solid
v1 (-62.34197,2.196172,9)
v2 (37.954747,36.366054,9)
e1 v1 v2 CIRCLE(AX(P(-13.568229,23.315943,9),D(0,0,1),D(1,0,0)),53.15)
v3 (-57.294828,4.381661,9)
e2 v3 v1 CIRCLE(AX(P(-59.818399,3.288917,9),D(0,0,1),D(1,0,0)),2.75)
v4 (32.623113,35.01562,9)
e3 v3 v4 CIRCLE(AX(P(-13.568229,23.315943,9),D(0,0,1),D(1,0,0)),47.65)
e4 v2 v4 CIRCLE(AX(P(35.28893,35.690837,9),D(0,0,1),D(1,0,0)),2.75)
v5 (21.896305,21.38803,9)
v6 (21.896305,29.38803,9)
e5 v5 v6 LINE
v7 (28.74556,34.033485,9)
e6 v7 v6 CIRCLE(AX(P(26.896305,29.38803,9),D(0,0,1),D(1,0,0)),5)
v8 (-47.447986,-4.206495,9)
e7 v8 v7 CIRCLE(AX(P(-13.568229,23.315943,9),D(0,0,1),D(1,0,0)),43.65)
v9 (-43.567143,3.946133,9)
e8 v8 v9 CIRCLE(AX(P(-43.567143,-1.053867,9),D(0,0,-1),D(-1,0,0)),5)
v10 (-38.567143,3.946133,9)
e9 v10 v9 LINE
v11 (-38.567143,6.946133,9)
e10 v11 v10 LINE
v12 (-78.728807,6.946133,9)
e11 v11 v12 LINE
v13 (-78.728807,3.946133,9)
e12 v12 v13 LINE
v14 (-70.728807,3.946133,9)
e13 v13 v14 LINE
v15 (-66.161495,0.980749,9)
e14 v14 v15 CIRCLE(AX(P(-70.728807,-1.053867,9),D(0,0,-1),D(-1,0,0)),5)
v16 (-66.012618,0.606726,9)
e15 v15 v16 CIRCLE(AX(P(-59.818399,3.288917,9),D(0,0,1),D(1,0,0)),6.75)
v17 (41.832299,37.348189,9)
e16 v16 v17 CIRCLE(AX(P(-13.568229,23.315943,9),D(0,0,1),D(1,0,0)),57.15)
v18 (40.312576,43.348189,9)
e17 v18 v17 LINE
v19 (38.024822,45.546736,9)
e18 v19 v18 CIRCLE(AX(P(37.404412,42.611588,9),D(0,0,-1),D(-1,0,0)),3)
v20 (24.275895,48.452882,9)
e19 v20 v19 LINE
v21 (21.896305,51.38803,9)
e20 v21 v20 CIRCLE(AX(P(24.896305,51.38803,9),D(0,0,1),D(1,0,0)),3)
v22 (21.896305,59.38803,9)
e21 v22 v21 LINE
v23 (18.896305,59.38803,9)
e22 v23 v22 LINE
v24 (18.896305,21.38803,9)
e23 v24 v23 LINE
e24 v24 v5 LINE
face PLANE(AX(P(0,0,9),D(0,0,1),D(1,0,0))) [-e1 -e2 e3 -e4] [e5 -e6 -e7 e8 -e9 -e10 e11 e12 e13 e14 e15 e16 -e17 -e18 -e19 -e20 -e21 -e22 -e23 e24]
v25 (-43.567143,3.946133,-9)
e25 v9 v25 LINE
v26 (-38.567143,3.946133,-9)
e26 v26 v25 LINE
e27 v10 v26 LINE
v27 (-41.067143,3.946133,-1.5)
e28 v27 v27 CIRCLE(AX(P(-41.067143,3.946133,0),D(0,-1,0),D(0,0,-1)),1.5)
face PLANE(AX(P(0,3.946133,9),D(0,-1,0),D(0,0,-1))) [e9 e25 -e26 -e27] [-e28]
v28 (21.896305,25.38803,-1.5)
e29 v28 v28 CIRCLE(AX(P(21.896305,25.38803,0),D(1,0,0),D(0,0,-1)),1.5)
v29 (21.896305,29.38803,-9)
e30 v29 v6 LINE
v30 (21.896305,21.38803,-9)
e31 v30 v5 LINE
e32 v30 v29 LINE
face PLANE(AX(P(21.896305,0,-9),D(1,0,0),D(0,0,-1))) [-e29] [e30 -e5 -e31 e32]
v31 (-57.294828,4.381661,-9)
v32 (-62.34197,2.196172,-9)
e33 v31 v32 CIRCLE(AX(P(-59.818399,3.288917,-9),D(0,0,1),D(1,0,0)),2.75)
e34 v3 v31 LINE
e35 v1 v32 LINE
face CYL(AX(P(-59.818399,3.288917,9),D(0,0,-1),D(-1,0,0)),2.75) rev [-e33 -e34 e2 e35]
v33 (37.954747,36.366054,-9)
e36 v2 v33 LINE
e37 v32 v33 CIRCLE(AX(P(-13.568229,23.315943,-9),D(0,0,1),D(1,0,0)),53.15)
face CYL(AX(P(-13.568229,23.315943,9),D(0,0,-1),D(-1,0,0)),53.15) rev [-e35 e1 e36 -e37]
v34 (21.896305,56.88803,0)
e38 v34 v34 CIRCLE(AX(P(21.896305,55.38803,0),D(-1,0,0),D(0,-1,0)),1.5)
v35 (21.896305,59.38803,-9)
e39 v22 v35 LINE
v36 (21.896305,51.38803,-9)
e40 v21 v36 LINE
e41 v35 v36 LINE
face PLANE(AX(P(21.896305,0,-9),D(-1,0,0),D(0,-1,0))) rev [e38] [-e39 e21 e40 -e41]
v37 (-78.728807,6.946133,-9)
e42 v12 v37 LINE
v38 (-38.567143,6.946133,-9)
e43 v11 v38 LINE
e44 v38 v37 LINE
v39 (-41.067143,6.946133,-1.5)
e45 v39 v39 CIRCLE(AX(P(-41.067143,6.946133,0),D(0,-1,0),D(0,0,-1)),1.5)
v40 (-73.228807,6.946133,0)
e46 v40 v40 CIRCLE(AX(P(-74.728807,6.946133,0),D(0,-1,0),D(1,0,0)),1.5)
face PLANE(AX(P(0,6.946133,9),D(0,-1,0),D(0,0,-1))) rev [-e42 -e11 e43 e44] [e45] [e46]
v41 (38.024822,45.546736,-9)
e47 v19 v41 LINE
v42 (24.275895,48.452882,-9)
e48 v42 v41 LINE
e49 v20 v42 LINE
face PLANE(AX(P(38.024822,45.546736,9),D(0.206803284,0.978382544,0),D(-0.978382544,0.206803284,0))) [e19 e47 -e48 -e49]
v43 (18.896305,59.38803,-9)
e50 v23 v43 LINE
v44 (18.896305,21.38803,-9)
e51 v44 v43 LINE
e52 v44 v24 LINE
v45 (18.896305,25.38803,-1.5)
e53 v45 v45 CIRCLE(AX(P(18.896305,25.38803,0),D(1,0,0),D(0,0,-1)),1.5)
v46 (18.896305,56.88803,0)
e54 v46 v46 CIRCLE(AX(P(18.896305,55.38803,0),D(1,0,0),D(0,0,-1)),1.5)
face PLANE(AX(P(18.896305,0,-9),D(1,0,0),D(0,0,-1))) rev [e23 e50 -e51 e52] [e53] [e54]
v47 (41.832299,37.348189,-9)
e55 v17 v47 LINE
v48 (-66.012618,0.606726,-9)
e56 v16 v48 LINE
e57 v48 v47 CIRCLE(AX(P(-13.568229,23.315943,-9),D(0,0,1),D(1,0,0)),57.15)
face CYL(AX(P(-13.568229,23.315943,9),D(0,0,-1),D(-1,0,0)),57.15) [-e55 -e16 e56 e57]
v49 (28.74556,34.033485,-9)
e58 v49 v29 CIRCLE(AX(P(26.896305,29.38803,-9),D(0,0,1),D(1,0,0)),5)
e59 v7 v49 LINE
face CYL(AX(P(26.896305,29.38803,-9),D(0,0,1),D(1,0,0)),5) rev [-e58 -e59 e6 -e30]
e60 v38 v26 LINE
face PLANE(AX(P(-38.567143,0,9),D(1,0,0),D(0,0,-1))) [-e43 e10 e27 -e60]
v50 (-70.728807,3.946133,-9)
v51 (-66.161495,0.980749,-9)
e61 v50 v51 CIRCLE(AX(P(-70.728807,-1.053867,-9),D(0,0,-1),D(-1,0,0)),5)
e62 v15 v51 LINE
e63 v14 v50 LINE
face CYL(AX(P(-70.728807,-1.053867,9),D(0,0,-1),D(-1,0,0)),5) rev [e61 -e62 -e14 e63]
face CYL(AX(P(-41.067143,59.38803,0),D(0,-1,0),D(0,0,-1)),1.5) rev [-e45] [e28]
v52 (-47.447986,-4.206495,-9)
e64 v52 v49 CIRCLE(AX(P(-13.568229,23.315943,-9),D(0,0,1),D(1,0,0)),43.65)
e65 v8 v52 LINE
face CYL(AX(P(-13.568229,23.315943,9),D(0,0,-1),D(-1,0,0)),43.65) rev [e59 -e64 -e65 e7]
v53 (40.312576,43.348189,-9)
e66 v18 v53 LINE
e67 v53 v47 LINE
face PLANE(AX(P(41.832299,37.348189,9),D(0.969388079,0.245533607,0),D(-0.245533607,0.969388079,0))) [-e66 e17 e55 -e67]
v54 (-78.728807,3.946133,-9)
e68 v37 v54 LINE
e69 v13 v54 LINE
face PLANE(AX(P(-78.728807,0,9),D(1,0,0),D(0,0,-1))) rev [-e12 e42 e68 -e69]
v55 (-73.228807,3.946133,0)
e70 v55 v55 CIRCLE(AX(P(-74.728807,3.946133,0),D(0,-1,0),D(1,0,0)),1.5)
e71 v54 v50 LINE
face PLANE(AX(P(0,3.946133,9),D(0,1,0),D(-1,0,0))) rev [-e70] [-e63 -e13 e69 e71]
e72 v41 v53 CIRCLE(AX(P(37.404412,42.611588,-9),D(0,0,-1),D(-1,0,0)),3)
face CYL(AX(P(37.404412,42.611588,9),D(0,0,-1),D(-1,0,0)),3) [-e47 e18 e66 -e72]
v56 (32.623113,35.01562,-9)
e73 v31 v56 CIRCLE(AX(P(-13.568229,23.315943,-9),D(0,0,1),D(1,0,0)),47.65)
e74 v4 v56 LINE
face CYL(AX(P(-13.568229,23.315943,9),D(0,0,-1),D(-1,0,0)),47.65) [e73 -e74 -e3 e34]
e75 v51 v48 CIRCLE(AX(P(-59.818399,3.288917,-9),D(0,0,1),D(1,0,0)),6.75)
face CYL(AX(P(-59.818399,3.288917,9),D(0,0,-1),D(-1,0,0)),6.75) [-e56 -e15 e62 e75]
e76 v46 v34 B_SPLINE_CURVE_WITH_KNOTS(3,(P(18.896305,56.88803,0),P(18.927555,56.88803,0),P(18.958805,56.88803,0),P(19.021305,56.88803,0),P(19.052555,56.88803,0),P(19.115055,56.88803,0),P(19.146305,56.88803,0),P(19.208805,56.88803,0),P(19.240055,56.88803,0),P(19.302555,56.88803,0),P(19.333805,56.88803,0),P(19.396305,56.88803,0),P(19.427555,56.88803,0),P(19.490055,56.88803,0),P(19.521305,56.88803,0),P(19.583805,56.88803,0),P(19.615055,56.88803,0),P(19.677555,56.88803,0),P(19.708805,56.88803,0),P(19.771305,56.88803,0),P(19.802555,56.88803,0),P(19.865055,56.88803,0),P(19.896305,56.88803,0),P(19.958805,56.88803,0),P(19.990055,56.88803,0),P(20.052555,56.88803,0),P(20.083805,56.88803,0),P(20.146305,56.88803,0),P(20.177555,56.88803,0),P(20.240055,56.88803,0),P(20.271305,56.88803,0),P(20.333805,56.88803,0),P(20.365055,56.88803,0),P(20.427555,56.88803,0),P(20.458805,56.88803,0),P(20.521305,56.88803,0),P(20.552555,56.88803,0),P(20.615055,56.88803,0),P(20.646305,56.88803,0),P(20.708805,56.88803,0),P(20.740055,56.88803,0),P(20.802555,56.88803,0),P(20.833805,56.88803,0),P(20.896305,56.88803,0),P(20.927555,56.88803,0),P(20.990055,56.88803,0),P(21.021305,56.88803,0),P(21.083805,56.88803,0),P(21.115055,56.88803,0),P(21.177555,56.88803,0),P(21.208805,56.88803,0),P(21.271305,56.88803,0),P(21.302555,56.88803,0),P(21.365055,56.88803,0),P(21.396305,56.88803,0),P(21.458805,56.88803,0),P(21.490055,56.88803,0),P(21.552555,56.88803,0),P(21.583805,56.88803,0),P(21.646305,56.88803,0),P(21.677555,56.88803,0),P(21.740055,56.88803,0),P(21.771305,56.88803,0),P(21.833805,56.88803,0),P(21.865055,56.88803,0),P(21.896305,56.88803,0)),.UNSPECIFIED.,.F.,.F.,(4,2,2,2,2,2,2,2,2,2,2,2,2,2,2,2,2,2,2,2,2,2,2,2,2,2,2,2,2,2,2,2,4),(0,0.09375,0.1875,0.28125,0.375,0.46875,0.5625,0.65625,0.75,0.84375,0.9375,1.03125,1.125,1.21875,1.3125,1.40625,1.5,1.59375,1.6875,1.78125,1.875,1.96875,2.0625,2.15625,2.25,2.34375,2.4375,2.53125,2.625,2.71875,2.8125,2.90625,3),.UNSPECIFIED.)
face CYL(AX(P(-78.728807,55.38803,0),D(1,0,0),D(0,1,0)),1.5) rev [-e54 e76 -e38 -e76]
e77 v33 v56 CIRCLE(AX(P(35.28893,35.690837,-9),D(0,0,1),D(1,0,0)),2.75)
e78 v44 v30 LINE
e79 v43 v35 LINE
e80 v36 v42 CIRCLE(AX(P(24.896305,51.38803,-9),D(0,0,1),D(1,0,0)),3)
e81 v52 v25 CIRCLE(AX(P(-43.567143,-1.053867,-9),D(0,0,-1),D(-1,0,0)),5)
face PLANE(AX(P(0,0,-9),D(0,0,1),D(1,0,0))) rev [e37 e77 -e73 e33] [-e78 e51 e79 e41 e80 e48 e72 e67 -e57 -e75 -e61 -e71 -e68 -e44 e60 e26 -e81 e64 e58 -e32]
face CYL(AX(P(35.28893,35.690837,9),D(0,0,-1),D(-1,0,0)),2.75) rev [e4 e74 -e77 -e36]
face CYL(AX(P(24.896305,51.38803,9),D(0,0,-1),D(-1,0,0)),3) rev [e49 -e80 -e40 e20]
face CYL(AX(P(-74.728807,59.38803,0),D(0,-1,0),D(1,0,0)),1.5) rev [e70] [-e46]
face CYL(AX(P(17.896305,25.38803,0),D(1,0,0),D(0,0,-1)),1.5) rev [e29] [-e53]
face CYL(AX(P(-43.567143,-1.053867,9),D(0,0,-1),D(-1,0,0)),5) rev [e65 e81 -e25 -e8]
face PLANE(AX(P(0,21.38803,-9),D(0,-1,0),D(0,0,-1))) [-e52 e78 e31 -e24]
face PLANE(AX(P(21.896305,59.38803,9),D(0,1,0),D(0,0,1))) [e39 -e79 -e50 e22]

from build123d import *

# Parameters (mm, degrees)
SALIENTE_EXTRUIR2_DEPTH     = 9
SALIENTE_EXTRUIR4_START     = -18
SALIENTE_EXTRUIR4_DEPTH     = 18
CORTAR_EXTRUIR3_DEPTH       = 81.972689334
CORTAR_EXTRUIR3_DEPTH_BACK  = 81.972689334
CROQUIS8_W                  = 8.024298647
CROQUIS8_H                  = 2.298422897
SALIENTE_EXTRUIR5_START     = -18
SALIENTE_EXTRUIR5_DEPTH     = 18
SALIENTE_EXTRUIR6_DEPTH     = 18
SALIENTE_EXTRUIR7_START     = -18
SALIENTE_EXTRUIR7_DEPTH     = 18
CORTAR_EXTRUIR5_DEPTH       = 118.18938142
CORTAR_EXTRUIR5_DEPTH_BACK  = 118.18938142
CROQUIS13_R                 = 1.5
CROQUIS14_R                 = 1.5
CORTAR_EXTRUIR7_DEPTH       = 4
CROQUIS15_R                 = 1.5
CORTAR_EXTRUIR8_DEPTH       = 97.711059211
CROQUIS16_R                 = 1.5
CORTAR_EXTRUIR9_DEPTH       = 97.711059211
CORTAR_EXTRUIR10_DEPTH      = 101.245514063
CORTAR_EXTRUIR10_DEPTH_BACK = 101.245514063
CROQUIS17_W                 = 15.073627069
CROQUIS17_H                 = 8.059357869


with BuildPart() as part:
    # Croquis1 → Saliente-Extruir2 (new, symmetric)
    with BuildSketch(Plane.XY):
        with BuildLine():
            ThreePointArc((-66.012618404, 0.60672559), (4.861867519, -30.780766865), (41.832299444, 37.348188804))
            ThreePointArc((41.832299444, 37.348188804), (33.631578066, 42.234206494), (28.745560376, 34.033485116))
            ThreePointArc((28.745560376, 34.033485116), (0.508301336, -18.002016476), (-53.624180056, 5.97110769))
            ThreePointArc((-53.624180056, 5.97110769), (-62.50059028, 9.483135814), (-66.012618404, 0.60672559))
        make_face()
        with BuildLine():
            ThreePointArc((37.954747128, 36.366054378), (34.613712492, 38.356654178), (32.623112692, 35.015619542))
            ThreePointArc((32.623112692, 35.015619542), (1.798246872, -21.788312888), (-57.294828456, 4.381661142))
            ThreePointArc((-57.294828456, 4.381661142), (-60.911143732, 5.812487414), (-62.341970004, 2.196172138))
            ThreePointArc((-62.341970004, 2.196172138), (3.571921983, -26.994470453), (37.954747128, 36.366054378))
        make_face(mode=Mode.SUBTRACT)
    extrude(amount=SALIENTE_EXTRUIR2_DEPTH, both=True)

    # Croquis7 → Saliente-Extruir4 (add)
    with BuildSketch(Plane(origin=(0, 0, -9), x_dir=(-1, 0, 0), z_dir=(0, 0, -1)).offset(SALIENTE_EXTRUIR4_START)):
        with BuildLine():
            Line((54.145016493, 6.946132565), (38.567143253, 6.946132565))
            Line((38.567143253, 6.946132565), (38.567143253, 3.946132565))
            Line((38.567143253, 3.946132565), (43.567143253, 3.946132565))
            ThreePointArc((43.567143253, 3.946132565), (48.081738335, 1.095186137), (47.447985926, -4.206494934))
            ThreePointArc((47.447985926, -4.206494934), (50.884688207, 0.670758181), (53.624180056, 5.97110769))
            ThreePointArc((53.624180056, 5.97110769), (53.864605301, 6.469299926), (54.145016493, 6.946132565))
        make_face()
    extrude(amount=SALIENTE_EXTRUIR4_DEPTH)

    # Croquis8 → Cortar-Extruir3 (cut, two sides: drawn at the far end of the back side and taken through both)
    with BuildSketch(Plane(origin=(0, 0, -9), x_dir=(-1, 0, 0), z_dir=(0, 0, -1)).offset(-CORTAR_EXTRUIR3_DEPTH_BACK)):
        with Locations((58.157165816, 8.095344014)):
            Rectangle(CROQUIS8_W, CROQUIS8_H)
    extrude(amount=CORTAR_EXTRUIR3_DEPTH + CORTAR_EXTRUIR3_DEPTH_BACK, mode=Mode.SUBTRACT)

    # Croquis9 → Saliente-Extruir5 (add)
    with BuildSketch(Plane(origin=(0, 0, -9), x_dir=(-1, 0, 0), z_dir=(0, 0, -1)).offset(SALIENTE_EXTRUIR5_START)):
        with BuildLine():
            Line((78.728806569, 3.946132565), (78.728806569, 6.946132565))
            Line((78.728806569, 6.946132565), (65.491781967, 6.946132565))
            ThreePointArc((65.491781967, 6.946132565), (66.526259445, 4.041984592), (66.161494713, 0.980748601))
            ThreePointArc((66.161494713, 0.980748601), (68.00603961, 3.139763461), (70.728806569, 3.946132565))
            Line((70.728806569, 3.946132565), (78.728806569, 3.946132565))
        make_face()
    extrude(amount=SALIENTE_EXTRUIR5_DEPTH)

    # Croquis10 → Saliente-Extruir6 (add)
    with BuildSketch(Plane.XY.offset(9)):
        with BuildLine():
            Line((18.89630467, 56.388029989), (18.89630467, 21.388029989))
            Line((18.89630467, 21.388029989), (21.89630467, 21.388029989))
            Line((21.89630467, 21.388029989), (21.89630467, 29.388029989))
            ThreePointArc((21.89630467, 29.388029989), (24.089730114, 33.5260415), (28.745560376, 34.033485116))
            ThreePointArc((28.745560376, 34.033485116), (30.517183559, 40.465031841), (36.949638278, 42.233355414))
            Line((36.949638278, 42.233355414), (24.158212062, 45.48024401))
            ThreePointArc((24.158212062, 45.48024401), (22.528364866, 46.546057924), (21.89630467, 48.388029989))
            Line((21.89630467, 48.388029989), (21.89630467, 56.388029989))
            Line((21.89630467, 56.388029989), (18.89630467, 56.388029989))
        make_face()
    extrude(amount=-SALIENTE_EXTRUIR6_DEPTH)

    # Croquis12 → Saliente-Extruir7 (add)
    with BuildSketch(Plane(origin=(0, 0, -9), x_dir=(-1, 0, 0), z_dir=(0, 0, -1)).offset(SALIENTE_EXTRUIR7_START)):
        with BuildLine():
            Line((-41.832299444, 37.348188804), (-40.312576156, 43.348188804))
            ThreePointArc((-40.312576156, 43.348188804), (-39.483140086, 44.774662002), (-38.02482177, 45.546735616))
            Line((-38.02482177, 45.546735616), (-24.275894818, 48.452882358))
            ThreePointArc((-24.275894818, 48.452882358), (-22.565936721, 49.49874832), (-21.89630467, 51.388029989))
            Line((-21.89630467, 51.388029989), (-21.89630467, 59.388029989))
            Line((-21.89630467, 59.388029989), (-18.89630467, 59.388029989))
            Line((-18.89630467, 59.388029989), (-18.89630467, 21.388029989))
            Line((-18.89630467, 21.388029989), (-21.89630467, 21.388029989))
            Line((-21.89630467, 21.388029989), (-21.89630467, 29.388029989))
            ThreePointArc((-21.89630467, 29.388029989), (-24.089730114, 33.5260415), (-28.745560376, 34.033485116))
            Line((-28.745560376, 34.033485116), (-32.623112692, 35.015619542))
            ThreePointArc((-32.623112692, 35.015619542), (-34.613712492, 38.356654178), (-37.954747128, 36.366054378))
            Line((-37.954747128, 36.366054378), (-41.832299444, 37.348188804))
        make_face()
    extrude(amount=SALIENTE_EXTRUIR7_DEPTH)

    # Croquis13 → Cortar-Extruir5 (cut, two sides: drawn at the far end of the back side and taken through both)
    with BuildSketch(Plane(origin=(21.89630467, 0, 0), x_dir=(0, 0, -1), z_dir=(1, 0, 0)).offset(-CORTAR_EXTRUIR5_DEPTH_BACK)):
        with Locations(Location((0, 55.388029989, 0), (0, 0, 90))):
            Circle(CROQUIS13_R)
    extrude(amount=CORTAR_EXTRUIR5_DEPTH + CORTAR_EXTRUIR5_DEPTH_BACK, mode=Mode.SUBTRACT)

    # Croquis14 → Cortar-Extruir7 (cut, symmetric)
    with BuildSketch(Plane(origin=(21.89630467, 0, 0), x_dir=(0, 0, -1), z_dir=(1, 0, 0))):
        with Locations((0, 25.388029989)):
            Circle(CROQUIS14_R)
    extrude(amount=CORTAR_EXTRUIR7_DEPTH, both=True, mode=Mode.SUBTRACT)

    # Croquis15 → Cortar-Extruir8 (cut, through all)
    with BuildSketch(Plane.XZ.offset(-3.946132565)):
        with Locations((-74.728806569, 0)):
            Circle(CROQUIS15_R)
    extrude(amount=-CORTAR_EXTRUIR8_DEPTH, mode=Mode.SUBTRACT)

    # Croquis16 → Cortar-Extruir9 (cut, through all)
    with BuildSketch(Plane.XZ.offset(-3.946132565)):
        with Locations(Location((-41.067143253, 0, 0), (0, 0, 270))):
            Circle(CROQUIS16_R)
    extrude(amount=-CORTAR_EXTRUIR9_DEPTH, mode=Mode.SUBTRACT)

    # Croquis17 → Cortar-Extruir10 (cut, two sides: drawn at the far end of the back side and taken through both)
    with BuildSketch(Plane.XY.offset(9).offset(-CORTAR_EXTRUIR10_DEPTH_BACK)):
        with Locations((-57.954968433, 10.9758115)):
            Rectangle(CROQUIS17_W, CROQUIS17_H)
    extrude(amount=CORTAR_EXTRUIR10_DEPTH + CORTAR_EXTRUIR10_DEPTH_BACK, mode=Mode.SUBTRACT)


solid = part.part
